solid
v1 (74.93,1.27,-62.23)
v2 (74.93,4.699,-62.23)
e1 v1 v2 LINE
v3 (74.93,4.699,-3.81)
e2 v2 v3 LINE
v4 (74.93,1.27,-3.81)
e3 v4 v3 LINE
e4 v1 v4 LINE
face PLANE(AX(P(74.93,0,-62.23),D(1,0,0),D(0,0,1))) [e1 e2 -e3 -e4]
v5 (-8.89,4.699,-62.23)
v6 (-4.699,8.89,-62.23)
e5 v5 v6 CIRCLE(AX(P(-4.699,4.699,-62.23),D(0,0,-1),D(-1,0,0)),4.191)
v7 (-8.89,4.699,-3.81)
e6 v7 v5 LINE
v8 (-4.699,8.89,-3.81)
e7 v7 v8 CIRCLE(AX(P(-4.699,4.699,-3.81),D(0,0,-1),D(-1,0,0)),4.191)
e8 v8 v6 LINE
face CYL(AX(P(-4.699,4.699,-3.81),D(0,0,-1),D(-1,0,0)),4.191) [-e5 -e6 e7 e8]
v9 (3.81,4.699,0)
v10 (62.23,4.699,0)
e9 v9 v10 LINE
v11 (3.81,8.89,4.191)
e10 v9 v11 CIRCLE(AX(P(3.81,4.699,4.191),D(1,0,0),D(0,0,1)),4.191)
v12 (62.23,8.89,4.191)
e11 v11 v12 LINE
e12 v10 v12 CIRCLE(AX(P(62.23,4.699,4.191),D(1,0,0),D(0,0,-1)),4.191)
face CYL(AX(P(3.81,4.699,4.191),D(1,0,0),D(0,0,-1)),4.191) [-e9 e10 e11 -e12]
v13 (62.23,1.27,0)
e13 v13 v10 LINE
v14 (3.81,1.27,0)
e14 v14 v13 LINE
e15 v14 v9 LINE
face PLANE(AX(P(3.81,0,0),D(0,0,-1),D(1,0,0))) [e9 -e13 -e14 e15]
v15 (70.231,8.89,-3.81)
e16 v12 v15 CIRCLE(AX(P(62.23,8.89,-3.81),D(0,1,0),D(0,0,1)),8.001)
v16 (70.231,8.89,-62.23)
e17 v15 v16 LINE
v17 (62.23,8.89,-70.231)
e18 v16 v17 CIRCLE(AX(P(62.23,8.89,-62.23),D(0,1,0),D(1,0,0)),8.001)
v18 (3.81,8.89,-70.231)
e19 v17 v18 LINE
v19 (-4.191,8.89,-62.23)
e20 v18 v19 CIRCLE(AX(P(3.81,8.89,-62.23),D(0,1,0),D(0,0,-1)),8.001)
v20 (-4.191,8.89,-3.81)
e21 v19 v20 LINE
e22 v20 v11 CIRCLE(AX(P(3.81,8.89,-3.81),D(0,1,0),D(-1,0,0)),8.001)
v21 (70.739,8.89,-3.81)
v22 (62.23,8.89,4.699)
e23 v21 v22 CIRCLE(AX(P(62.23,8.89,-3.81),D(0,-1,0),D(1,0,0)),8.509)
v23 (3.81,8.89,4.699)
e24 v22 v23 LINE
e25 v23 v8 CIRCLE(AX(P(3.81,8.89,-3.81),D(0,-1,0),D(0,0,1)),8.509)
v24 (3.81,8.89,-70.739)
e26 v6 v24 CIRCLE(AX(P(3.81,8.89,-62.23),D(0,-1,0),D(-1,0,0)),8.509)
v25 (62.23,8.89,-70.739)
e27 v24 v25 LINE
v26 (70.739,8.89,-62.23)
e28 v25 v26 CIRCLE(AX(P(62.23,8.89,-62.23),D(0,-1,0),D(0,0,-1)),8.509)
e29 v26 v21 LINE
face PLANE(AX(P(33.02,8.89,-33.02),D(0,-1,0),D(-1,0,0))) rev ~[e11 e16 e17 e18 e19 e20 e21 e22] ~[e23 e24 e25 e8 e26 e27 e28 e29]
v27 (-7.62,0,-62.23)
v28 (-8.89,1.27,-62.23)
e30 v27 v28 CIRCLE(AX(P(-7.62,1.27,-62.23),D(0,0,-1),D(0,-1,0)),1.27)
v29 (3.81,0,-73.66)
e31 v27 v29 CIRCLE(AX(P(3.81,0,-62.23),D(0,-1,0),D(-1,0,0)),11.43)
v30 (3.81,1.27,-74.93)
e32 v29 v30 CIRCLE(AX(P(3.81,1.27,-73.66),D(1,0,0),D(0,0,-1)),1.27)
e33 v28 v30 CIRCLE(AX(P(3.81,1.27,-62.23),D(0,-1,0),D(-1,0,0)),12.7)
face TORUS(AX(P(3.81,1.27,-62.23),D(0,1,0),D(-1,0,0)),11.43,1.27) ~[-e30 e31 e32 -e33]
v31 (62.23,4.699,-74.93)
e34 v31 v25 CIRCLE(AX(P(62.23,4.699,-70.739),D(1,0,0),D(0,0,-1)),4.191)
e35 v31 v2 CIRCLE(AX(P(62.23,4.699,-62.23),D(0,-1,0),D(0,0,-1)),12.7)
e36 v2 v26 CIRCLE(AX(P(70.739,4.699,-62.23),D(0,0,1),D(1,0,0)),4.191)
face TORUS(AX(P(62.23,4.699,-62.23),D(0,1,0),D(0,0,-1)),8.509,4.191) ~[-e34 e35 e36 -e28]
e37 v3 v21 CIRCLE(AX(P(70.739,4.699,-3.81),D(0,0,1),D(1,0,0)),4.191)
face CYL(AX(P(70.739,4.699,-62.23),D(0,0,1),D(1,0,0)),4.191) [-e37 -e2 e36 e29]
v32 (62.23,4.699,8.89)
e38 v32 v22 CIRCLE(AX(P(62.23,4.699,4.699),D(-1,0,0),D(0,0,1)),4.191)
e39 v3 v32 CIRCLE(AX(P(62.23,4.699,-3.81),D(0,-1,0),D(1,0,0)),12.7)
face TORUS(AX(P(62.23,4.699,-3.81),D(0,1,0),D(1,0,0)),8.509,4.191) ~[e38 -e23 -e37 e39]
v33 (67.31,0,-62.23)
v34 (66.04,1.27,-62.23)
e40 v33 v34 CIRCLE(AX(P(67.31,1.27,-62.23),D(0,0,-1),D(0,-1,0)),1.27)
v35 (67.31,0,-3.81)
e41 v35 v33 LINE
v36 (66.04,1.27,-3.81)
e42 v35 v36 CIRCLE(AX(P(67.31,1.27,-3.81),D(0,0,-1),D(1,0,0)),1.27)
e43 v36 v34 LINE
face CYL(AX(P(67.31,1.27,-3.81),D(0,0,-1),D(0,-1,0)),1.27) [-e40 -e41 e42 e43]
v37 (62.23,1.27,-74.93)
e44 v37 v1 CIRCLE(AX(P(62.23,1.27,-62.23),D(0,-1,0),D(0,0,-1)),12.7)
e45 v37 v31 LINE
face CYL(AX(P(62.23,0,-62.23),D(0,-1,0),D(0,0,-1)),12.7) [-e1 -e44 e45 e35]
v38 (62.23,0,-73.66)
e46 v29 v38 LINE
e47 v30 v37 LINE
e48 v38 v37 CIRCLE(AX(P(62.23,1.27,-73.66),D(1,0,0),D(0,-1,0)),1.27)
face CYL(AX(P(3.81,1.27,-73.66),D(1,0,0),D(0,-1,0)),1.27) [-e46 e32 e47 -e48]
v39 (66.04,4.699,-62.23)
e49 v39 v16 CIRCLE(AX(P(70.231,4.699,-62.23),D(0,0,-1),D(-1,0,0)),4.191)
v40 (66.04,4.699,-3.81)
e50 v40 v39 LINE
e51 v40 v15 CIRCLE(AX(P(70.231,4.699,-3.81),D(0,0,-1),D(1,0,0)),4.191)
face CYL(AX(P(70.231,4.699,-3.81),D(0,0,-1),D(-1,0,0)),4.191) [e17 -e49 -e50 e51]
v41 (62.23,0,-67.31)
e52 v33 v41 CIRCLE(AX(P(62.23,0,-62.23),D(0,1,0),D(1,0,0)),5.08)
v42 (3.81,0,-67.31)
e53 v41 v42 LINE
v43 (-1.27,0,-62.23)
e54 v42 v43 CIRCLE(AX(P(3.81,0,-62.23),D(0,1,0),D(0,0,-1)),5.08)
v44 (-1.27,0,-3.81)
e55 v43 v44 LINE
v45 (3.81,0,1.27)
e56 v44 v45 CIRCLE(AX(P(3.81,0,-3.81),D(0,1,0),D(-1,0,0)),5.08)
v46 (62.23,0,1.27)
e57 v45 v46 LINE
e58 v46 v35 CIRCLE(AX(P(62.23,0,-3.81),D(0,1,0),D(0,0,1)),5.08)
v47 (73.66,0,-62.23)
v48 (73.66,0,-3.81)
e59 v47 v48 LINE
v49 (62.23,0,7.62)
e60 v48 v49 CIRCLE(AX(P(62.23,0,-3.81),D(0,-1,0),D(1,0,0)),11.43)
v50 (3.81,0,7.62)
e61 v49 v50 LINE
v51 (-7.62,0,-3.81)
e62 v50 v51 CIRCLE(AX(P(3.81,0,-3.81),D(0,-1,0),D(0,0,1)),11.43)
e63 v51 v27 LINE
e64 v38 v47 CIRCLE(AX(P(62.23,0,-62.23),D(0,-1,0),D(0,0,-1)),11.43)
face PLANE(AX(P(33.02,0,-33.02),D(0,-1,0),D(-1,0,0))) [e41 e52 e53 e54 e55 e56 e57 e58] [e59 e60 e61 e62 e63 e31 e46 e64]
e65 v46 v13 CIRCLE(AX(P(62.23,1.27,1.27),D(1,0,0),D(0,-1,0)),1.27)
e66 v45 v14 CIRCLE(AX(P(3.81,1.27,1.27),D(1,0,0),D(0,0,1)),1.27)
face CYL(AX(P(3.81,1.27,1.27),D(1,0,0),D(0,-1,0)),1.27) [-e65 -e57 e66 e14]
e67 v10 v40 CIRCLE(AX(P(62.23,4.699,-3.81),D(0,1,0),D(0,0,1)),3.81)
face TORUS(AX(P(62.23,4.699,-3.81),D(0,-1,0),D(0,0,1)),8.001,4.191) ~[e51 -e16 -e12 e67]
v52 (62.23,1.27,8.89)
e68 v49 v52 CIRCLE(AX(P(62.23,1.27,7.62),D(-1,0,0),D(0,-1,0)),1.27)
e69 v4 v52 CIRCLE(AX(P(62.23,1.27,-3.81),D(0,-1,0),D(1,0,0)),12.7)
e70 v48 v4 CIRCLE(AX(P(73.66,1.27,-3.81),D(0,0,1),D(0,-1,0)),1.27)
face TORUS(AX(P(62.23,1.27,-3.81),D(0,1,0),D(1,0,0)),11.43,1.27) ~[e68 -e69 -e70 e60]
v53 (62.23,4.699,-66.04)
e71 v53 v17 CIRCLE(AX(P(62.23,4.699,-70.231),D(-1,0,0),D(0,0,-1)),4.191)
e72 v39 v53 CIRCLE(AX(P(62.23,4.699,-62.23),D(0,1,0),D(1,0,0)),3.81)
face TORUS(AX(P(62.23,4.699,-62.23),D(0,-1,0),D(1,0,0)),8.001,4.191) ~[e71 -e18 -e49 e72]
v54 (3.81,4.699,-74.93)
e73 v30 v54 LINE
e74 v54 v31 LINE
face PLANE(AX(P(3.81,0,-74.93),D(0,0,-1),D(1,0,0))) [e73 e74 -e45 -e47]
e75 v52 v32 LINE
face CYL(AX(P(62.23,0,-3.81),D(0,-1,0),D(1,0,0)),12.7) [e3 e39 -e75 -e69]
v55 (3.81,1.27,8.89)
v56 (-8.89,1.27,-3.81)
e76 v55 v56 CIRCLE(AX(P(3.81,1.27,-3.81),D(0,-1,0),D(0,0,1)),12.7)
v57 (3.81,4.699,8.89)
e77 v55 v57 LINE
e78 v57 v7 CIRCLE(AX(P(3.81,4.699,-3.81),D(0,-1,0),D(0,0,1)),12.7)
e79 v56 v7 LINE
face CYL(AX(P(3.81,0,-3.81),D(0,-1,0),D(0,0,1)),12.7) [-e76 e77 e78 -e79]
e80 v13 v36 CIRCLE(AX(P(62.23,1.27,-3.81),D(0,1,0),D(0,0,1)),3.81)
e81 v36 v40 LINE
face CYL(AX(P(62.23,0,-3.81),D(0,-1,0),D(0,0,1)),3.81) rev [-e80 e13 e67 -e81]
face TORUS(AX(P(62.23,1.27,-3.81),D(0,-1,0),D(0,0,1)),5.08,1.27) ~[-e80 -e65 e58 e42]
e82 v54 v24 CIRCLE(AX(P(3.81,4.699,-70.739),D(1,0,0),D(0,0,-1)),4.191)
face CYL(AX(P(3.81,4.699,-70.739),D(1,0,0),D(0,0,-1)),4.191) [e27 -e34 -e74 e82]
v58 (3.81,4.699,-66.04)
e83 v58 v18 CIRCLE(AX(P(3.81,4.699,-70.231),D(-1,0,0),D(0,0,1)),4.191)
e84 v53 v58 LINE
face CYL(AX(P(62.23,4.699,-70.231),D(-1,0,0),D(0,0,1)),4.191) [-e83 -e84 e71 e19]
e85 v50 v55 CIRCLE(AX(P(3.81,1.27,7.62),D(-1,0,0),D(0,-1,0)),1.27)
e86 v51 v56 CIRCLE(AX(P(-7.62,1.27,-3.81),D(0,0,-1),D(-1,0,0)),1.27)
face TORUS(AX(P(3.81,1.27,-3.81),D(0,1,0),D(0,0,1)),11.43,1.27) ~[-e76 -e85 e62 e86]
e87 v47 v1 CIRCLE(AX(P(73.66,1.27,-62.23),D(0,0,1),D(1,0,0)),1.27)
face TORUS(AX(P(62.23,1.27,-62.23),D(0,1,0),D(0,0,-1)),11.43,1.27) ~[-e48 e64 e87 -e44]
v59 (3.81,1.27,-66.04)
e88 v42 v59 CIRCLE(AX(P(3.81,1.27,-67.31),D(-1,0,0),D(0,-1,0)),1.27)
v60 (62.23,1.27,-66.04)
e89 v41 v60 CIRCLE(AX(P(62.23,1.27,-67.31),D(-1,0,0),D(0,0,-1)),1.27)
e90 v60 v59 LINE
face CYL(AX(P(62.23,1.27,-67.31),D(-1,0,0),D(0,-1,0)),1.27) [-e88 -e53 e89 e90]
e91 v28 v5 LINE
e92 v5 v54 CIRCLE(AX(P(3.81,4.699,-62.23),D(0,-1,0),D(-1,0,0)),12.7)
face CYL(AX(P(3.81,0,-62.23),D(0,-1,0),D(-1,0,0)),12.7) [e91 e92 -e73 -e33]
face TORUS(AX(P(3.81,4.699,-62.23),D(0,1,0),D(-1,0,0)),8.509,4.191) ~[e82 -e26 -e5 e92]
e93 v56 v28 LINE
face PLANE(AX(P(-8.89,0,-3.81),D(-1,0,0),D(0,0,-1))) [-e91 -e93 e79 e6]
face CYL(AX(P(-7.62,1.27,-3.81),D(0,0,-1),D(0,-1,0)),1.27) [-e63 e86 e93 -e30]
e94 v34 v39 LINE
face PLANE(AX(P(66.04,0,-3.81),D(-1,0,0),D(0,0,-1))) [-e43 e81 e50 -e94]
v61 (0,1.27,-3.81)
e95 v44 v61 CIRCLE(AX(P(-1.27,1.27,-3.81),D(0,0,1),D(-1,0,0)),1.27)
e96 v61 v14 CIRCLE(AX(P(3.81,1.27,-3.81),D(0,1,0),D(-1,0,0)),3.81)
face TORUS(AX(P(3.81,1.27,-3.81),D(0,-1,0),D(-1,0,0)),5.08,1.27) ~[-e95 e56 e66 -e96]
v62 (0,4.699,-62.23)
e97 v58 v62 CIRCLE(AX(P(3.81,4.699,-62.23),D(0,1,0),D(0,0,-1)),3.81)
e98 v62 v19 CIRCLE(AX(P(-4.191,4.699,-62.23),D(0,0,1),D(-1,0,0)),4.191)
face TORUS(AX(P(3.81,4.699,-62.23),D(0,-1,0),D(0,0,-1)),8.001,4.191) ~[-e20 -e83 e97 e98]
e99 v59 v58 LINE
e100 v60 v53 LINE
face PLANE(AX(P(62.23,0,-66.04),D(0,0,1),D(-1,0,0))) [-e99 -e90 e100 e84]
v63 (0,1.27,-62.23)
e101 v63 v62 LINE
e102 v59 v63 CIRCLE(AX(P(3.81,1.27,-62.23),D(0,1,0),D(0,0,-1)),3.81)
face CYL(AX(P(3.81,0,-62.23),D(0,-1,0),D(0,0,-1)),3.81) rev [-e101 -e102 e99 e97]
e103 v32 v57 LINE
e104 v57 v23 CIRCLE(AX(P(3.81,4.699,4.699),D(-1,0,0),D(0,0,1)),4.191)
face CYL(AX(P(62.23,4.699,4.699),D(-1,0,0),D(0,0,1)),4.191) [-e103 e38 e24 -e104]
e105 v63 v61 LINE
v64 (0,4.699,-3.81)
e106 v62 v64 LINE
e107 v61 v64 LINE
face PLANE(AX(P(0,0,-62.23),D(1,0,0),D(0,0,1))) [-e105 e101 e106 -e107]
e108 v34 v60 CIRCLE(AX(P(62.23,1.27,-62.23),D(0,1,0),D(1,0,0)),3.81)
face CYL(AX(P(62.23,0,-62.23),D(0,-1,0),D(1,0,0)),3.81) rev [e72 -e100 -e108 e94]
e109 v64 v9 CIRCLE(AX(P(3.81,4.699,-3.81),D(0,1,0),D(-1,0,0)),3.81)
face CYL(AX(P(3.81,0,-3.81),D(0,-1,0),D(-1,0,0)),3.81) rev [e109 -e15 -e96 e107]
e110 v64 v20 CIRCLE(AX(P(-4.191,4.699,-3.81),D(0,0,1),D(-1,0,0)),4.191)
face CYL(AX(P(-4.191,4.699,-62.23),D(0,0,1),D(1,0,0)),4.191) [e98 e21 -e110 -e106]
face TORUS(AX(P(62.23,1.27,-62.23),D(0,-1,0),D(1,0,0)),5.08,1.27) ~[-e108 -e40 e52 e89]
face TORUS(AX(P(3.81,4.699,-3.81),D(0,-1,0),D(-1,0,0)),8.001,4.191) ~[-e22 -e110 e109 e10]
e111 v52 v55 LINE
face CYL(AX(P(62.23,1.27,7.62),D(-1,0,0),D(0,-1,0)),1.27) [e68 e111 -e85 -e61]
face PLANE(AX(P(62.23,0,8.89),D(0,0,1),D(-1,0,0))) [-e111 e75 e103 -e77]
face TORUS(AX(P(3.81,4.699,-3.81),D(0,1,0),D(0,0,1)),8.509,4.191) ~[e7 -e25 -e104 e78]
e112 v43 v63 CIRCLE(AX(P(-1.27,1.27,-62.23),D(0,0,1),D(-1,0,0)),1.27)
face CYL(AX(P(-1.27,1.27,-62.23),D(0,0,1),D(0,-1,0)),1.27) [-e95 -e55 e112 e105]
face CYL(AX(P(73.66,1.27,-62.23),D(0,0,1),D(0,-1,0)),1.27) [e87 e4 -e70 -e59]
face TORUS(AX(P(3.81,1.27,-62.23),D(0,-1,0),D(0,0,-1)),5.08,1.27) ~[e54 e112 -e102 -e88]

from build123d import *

# Parameters (mm, degrees)
BOSS_EXTRUDE1_DEPTH = 8.89
FILLET1_R           = 4.191
FILLET2_R           = 1.27


with BuildPart() as part:
    # Sketch1 → Boss-Extrude1 (new body)
    with BuildSketch(Plane(origin=(0, 0, 0), x_dir=(1, 0, 0), z_dir=(0, 1, 0))):
        with BuildLine():
            Line((-8.89, 3.81), (-8.89, 62.23))
            ThreePointArc((-8.89, 62.23), (-5.170256121, 71.210256121), (3.81, 74.93))
            Line((3.81, 74.93), (62.23, 74.93))
            ThreePointArc((62.23, 74.93), (71.210256121, 71.210256121), (74.93, 62.23))
            Line((74.93, 62.23), (74.93, 3.81))
            ThreePointArc((74.93, 3.81), (71.210256121, -5.170256121), (62.23, -8.89))
            Line((62.23, -8.89), (3.81, -8.89))
            ThreePointArc((3.81, -8.89), (-5.170256121, -5.170256121), (-8.89, 3.81))
        make_face()
        with BuildLine():
            Line((3.81, 0), (62.23, 0))
            ThreePointArc((62.23, 0), (64.924076836, 1.115923164), (66.04, 3.81))
            Line((66.04, 3.81), (66.04, 62.23))
            ThreePointArc((66.04, 62.23), (64.924076836, 64.924076836), (62.23, 66.04))
            Line((62.23, 66.04), (3.81, 66.04))
            ThreePointArc((3.81, 66.04), (1.115923164, 64.924076836), (0, 62.23))
            Line((0, 62.23), (0, 3.81))
            ThreePointArc((0, 3.81), (1.115923164, 1.115923164), (3.81, 0))
        make_face(mode=Mode.SUBTRACT)
    extrude(amount=BOSS_EXTRUDE1_DEPTH)

    # Fillet1
    fillet1_edges = [part.edges().sort_by_distance(p)[0] for p in [
        (71.210256121, 8.89, 5.170256121),
        (74.93, 8.89, -33.02),
        (71.210256121, 8.89, -71.210256121),
        (33.02, 8.89, -74.93),
        (-5.170256121, 8.89, -71.210256121),
        (-8.89, 8.89, -33.02),
        (1.115923164, 8.89, -1.115923164),
        (33.02, 8.89, 0),
        (64.924076836, 8.89, -1.115923164),
        (66.04, 8.89, -33.02),
        (64.924076836, 8.89, -64.924076836),
        (33.02, 8.89, -66.04),
        (1.115923164, 8.89, -64.924076836),
        (0, 8.89, -33.02),
        (-5.170256121, 8.89, 5.170256121),
        (33.02, 8.89, 8.89),
    ]]
    fillet(fillet1_edges, radius=FILLET1_R)

    # Fillet2
    fillet2_edges = [part.edges().sort_by_distance(p)[0] for p in [
        (33.02, 0, 8.89),
        (-5.170256121, 0, 5.170256121),
        (1.115923164, 0, -1.115923164),
        (33.02, 0, 0),
        (64.924076836, 0, -1.115923164),
        (66.04, 0, -33.02),
        (64.924076836, 0, -64.924076836),
        (33.02, 0, -66.04),
        (1.115923164, 0, -64.924076836),
        (0, 0, -33.02),
        (-8.89, 0, -33.02),
        (-5.170256121, 0, -71.210256121),
        (33.02, 0, -74.93),
        (71.210256121, 0, -71.210256121),
        (74.93, 0, -33.02),
        (71.210256121, 0, 5.170256121),
    ]]
    fillet(fillet2_edges, radius=FILLET2_R)


solid = part.part
